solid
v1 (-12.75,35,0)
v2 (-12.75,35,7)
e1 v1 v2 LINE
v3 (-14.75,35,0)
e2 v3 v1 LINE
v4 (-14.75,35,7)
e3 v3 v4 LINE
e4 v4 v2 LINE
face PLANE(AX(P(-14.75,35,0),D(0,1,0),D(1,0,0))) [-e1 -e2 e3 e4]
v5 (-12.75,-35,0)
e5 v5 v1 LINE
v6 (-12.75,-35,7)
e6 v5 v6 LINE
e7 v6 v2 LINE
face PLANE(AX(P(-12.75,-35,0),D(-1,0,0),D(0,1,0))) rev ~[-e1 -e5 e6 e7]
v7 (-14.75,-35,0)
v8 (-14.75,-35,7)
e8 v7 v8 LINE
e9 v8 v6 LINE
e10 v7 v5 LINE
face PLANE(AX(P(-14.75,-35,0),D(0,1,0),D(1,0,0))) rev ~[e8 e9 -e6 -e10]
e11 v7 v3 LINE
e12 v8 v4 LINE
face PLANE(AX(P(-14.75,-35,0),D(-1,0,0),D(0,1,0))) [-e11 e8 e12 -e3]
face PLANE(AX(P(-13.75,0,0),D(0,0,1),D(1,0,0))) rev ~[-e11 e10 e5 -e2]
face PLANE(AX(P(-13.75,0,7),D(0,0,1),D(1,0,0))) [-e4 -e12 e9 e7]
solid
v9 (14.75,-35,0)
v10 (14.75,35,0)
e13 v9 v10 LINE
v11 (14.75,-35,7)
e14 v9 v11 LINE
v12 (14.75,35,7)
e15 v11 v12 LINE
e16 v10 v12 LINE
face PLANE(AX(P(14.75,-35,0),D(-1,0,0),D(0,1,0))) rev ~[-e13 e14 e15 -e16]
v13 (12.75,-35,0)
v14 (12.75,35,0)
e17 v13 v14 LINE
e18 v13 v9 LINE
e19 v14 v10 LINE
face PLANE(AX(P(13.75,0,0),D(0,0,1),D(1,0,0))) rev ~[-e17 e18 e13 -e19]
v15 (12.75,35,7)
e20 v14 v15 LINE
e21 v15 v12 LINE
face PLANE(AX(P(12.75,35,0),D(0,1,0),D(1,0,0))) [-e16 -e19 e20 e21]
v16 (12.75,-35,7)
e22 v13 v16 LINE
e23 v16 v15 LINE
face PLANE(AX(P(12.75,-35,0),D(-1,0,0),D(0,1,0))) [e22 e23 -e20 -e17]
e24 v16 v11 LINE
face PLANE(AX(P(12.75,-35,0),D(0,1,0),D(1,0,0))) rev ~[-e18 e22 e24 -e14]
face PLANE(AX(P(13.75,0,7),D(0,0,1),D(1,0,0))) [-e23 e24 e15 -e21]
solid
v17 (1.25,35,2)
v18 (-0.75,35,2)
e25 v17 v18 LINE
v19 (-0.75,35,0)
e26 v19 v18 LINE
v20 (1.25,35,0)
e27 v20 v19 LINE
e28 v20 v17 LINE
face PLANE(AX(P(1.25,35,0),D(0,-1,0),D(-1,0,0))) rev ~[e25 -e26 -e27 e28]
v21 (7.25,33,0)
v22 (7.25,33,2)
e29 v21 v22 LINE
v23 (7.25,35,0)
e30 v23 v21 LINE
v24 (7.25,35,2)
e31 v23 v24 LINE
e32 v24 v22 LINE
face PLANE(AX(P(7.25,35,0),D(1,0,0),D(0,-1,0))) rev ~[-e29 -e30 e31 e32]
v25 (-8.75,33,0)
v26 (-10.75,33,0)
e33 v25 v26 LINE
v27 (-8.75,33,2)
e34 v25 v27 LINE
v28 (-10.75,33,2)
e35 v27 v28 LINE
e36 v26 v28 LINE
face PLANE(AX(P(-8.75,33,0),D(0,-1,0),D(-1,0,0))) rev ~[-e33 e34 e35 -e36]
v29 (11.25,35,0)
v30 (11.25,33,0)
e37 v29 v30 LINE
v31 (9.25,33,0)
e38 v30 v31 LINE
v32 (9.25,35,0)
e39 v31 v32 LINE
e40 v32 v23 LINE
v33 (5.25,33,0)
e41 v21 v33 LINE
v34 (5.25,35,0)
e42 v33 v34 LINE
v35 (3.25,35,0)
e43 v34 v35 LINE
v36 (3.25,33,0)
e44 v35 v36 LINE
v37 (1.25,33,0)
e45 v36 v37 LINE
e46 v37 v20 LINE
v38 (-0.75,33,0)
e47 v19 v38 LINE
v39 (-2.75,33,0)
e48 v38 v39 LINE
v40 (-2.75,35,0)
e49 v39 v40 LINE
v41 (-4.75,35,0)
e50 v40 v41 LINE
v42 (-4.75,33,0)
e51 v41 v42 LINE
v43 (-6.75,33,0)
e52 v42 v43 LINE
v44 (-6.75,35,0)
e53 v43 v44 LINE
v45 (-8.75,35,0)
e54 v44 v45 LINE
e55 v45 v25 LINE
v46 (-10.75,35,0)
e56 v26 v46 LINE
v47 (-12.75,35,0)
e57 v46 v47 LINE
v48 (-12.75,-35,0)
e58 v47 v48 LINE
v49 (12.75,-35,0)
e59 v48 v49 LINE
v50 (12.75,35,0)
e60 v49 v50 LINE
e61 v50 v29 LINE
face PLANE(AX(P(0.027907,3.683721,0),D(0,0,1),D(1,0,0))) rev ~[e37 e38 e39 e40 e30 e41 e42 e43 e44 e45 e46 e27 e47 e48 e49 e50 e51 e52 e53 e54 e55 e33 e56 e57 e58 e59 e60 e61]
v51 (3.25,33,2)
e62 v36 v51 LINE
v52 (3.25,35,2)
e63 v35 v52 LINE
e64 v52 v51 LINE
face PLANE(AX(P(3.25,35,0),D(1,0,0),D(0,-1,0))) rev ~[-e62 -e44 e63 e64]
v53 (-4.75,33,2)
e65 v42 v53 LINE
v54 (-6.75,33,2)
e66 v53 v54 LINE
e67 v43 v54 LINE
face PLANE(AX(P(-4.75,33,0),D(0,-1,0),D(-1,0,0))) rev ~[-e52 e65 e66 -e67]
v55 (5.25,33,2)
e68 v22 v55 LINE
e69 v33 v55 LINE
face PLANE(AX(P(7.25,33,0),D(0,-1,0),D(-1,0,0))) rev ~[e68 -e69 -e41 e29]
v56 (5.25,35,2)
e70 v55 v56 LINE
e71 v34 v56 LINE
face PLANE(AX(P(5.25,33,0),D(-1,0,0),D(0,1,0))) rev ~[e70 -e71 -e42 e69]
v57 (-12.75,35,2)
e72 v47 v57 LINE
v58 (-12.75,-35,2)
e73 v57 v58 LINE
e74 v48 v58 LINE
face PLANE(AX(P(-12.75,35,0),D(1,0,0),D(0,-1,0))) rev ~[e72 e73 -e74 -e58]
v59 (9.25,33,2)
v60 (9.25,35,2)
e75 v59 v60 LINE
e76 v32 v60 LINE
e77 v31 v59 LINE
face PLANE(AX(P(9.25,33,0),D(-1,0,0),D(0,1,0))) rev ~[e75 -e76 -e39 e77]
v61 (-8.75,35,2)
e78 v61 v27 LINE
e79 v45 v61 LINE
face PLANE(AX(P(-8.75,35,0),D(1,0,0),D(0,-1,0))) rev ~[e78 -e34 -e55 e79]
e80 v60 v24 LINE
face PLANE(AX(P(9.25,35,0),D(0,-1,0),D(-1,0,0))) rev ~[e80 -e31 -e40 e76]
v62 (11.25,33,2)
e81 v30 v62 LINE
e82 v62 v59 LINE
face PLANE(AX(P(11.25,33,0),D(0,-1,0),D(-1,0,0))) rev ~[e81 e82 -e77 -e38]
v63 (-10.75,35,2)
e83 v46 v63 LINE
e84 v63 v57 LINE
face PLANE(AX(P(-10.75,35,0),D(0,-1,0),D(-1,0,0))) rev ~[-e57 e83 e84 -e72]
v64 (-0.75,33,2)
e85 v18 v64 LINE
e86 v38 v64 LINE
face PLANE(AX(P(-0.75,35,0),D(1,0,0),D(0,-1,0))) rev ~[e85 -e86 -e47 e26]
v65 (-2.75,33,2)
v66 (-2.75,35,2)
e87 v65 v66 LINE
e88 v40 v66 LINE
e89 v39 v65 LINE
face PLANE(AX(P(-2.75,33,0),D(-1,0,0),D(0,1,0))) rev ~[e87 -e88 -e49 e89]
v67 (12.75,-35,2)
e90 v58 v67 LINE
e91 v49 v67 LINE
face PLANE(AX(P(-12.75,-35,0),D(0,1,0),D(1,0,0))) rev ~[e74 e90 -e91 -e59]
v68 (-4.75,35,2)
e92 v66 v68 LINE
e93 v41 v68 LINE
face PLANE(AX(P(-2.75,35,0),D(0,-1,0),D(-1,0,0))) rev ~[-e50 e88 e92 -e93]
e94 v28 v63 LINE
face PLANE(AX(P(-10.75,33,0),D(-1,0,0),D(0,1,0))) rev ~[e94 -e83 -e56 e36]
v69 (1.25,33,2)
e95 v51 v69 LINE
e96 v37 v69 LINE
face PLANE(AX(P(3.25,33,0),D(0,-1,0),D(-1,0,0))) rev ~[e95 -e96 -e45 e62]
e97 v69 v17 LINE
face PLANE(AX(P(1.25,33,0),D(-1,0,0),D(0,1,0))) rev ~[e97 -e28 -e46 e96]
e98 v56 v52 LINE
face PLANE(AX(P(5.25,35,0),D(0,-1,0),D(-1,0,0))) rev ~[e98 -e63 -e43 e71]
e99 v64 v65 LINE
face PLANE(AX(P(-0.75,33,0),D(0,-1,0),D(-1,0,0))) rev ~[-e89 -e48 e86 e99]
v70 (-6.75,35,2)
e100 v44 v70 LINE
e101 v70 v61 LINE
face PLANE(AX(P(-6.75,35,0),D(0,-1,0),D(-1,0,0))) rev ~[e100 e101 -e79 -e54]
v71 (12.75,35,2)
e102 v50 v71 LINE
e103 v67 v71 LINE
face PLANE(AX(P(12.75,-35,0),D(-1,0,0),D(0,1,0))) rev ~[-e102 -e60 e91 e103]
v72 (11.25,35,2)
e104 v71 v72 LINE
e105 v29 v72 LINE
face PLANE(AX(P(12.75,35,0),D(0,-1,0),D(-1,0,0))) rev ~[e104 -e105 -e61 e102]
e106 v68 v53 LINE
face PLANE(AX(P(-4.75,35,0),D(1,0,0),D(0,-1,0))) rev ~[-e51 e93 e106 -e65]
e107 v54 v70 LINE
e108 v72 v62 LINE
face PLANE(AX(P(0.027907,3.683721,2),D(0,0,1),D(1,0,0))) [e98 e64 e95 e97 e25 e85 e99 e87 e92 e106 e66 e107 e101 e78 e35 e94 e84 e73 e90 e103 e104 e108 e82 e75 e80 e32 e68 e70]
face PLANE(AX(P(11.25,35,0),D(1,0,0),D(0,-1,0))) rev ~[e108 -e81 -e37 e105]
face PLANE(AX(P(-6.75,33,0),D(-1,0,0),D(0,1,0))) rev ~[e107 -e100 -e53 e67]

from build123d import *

# Parameters (mm, degrees)
F0_W     = 2
F0_H     = 70
F1_DEPTH = 7
F2_DEPTH = 2


with BuildPart() as f1:
    # F0 (on Top) → F1 (new body)
    with BuildSketch(Plane.XY):
        with Locations((-13.75, 0)):
            Rectangle(F0_W, F0_H)
        with Locations((13.75, 0)):
            Rectangle(F0_W, F0_H)
    extrude(amount=F1_DEPTH)


with BuildPart() as f2:
    # F0 (on Top) → F2 (new body)
    with BuildSketch(Plane.XY):
        Polygon((-12.75, -35), (12.75, -35), (12.75, 35), (11.25, 35), (11.25, 33), (9.25, 33), (9.25, 35), (7.25, 35), (7.25, 33), (5.25, 33), (5.25, 35), (3.25, 35), (3.25, 33), (1.25, 33), (1.25, 35), (-0.75, 35), (-0.75, 33), (-2.75, 33), (-2.75, 35), (-4.75, 35), (-4.75, 33), (-6.75, 33), (-6.75, 35), (-8.75, 35), (-8.75, 33), (-10.75, 33), (-10.75, 35), (-12.75, 35), align=None)
    extrude(amount=F2_DEPTH)


solid = Compound([f1.part, f2.part])
